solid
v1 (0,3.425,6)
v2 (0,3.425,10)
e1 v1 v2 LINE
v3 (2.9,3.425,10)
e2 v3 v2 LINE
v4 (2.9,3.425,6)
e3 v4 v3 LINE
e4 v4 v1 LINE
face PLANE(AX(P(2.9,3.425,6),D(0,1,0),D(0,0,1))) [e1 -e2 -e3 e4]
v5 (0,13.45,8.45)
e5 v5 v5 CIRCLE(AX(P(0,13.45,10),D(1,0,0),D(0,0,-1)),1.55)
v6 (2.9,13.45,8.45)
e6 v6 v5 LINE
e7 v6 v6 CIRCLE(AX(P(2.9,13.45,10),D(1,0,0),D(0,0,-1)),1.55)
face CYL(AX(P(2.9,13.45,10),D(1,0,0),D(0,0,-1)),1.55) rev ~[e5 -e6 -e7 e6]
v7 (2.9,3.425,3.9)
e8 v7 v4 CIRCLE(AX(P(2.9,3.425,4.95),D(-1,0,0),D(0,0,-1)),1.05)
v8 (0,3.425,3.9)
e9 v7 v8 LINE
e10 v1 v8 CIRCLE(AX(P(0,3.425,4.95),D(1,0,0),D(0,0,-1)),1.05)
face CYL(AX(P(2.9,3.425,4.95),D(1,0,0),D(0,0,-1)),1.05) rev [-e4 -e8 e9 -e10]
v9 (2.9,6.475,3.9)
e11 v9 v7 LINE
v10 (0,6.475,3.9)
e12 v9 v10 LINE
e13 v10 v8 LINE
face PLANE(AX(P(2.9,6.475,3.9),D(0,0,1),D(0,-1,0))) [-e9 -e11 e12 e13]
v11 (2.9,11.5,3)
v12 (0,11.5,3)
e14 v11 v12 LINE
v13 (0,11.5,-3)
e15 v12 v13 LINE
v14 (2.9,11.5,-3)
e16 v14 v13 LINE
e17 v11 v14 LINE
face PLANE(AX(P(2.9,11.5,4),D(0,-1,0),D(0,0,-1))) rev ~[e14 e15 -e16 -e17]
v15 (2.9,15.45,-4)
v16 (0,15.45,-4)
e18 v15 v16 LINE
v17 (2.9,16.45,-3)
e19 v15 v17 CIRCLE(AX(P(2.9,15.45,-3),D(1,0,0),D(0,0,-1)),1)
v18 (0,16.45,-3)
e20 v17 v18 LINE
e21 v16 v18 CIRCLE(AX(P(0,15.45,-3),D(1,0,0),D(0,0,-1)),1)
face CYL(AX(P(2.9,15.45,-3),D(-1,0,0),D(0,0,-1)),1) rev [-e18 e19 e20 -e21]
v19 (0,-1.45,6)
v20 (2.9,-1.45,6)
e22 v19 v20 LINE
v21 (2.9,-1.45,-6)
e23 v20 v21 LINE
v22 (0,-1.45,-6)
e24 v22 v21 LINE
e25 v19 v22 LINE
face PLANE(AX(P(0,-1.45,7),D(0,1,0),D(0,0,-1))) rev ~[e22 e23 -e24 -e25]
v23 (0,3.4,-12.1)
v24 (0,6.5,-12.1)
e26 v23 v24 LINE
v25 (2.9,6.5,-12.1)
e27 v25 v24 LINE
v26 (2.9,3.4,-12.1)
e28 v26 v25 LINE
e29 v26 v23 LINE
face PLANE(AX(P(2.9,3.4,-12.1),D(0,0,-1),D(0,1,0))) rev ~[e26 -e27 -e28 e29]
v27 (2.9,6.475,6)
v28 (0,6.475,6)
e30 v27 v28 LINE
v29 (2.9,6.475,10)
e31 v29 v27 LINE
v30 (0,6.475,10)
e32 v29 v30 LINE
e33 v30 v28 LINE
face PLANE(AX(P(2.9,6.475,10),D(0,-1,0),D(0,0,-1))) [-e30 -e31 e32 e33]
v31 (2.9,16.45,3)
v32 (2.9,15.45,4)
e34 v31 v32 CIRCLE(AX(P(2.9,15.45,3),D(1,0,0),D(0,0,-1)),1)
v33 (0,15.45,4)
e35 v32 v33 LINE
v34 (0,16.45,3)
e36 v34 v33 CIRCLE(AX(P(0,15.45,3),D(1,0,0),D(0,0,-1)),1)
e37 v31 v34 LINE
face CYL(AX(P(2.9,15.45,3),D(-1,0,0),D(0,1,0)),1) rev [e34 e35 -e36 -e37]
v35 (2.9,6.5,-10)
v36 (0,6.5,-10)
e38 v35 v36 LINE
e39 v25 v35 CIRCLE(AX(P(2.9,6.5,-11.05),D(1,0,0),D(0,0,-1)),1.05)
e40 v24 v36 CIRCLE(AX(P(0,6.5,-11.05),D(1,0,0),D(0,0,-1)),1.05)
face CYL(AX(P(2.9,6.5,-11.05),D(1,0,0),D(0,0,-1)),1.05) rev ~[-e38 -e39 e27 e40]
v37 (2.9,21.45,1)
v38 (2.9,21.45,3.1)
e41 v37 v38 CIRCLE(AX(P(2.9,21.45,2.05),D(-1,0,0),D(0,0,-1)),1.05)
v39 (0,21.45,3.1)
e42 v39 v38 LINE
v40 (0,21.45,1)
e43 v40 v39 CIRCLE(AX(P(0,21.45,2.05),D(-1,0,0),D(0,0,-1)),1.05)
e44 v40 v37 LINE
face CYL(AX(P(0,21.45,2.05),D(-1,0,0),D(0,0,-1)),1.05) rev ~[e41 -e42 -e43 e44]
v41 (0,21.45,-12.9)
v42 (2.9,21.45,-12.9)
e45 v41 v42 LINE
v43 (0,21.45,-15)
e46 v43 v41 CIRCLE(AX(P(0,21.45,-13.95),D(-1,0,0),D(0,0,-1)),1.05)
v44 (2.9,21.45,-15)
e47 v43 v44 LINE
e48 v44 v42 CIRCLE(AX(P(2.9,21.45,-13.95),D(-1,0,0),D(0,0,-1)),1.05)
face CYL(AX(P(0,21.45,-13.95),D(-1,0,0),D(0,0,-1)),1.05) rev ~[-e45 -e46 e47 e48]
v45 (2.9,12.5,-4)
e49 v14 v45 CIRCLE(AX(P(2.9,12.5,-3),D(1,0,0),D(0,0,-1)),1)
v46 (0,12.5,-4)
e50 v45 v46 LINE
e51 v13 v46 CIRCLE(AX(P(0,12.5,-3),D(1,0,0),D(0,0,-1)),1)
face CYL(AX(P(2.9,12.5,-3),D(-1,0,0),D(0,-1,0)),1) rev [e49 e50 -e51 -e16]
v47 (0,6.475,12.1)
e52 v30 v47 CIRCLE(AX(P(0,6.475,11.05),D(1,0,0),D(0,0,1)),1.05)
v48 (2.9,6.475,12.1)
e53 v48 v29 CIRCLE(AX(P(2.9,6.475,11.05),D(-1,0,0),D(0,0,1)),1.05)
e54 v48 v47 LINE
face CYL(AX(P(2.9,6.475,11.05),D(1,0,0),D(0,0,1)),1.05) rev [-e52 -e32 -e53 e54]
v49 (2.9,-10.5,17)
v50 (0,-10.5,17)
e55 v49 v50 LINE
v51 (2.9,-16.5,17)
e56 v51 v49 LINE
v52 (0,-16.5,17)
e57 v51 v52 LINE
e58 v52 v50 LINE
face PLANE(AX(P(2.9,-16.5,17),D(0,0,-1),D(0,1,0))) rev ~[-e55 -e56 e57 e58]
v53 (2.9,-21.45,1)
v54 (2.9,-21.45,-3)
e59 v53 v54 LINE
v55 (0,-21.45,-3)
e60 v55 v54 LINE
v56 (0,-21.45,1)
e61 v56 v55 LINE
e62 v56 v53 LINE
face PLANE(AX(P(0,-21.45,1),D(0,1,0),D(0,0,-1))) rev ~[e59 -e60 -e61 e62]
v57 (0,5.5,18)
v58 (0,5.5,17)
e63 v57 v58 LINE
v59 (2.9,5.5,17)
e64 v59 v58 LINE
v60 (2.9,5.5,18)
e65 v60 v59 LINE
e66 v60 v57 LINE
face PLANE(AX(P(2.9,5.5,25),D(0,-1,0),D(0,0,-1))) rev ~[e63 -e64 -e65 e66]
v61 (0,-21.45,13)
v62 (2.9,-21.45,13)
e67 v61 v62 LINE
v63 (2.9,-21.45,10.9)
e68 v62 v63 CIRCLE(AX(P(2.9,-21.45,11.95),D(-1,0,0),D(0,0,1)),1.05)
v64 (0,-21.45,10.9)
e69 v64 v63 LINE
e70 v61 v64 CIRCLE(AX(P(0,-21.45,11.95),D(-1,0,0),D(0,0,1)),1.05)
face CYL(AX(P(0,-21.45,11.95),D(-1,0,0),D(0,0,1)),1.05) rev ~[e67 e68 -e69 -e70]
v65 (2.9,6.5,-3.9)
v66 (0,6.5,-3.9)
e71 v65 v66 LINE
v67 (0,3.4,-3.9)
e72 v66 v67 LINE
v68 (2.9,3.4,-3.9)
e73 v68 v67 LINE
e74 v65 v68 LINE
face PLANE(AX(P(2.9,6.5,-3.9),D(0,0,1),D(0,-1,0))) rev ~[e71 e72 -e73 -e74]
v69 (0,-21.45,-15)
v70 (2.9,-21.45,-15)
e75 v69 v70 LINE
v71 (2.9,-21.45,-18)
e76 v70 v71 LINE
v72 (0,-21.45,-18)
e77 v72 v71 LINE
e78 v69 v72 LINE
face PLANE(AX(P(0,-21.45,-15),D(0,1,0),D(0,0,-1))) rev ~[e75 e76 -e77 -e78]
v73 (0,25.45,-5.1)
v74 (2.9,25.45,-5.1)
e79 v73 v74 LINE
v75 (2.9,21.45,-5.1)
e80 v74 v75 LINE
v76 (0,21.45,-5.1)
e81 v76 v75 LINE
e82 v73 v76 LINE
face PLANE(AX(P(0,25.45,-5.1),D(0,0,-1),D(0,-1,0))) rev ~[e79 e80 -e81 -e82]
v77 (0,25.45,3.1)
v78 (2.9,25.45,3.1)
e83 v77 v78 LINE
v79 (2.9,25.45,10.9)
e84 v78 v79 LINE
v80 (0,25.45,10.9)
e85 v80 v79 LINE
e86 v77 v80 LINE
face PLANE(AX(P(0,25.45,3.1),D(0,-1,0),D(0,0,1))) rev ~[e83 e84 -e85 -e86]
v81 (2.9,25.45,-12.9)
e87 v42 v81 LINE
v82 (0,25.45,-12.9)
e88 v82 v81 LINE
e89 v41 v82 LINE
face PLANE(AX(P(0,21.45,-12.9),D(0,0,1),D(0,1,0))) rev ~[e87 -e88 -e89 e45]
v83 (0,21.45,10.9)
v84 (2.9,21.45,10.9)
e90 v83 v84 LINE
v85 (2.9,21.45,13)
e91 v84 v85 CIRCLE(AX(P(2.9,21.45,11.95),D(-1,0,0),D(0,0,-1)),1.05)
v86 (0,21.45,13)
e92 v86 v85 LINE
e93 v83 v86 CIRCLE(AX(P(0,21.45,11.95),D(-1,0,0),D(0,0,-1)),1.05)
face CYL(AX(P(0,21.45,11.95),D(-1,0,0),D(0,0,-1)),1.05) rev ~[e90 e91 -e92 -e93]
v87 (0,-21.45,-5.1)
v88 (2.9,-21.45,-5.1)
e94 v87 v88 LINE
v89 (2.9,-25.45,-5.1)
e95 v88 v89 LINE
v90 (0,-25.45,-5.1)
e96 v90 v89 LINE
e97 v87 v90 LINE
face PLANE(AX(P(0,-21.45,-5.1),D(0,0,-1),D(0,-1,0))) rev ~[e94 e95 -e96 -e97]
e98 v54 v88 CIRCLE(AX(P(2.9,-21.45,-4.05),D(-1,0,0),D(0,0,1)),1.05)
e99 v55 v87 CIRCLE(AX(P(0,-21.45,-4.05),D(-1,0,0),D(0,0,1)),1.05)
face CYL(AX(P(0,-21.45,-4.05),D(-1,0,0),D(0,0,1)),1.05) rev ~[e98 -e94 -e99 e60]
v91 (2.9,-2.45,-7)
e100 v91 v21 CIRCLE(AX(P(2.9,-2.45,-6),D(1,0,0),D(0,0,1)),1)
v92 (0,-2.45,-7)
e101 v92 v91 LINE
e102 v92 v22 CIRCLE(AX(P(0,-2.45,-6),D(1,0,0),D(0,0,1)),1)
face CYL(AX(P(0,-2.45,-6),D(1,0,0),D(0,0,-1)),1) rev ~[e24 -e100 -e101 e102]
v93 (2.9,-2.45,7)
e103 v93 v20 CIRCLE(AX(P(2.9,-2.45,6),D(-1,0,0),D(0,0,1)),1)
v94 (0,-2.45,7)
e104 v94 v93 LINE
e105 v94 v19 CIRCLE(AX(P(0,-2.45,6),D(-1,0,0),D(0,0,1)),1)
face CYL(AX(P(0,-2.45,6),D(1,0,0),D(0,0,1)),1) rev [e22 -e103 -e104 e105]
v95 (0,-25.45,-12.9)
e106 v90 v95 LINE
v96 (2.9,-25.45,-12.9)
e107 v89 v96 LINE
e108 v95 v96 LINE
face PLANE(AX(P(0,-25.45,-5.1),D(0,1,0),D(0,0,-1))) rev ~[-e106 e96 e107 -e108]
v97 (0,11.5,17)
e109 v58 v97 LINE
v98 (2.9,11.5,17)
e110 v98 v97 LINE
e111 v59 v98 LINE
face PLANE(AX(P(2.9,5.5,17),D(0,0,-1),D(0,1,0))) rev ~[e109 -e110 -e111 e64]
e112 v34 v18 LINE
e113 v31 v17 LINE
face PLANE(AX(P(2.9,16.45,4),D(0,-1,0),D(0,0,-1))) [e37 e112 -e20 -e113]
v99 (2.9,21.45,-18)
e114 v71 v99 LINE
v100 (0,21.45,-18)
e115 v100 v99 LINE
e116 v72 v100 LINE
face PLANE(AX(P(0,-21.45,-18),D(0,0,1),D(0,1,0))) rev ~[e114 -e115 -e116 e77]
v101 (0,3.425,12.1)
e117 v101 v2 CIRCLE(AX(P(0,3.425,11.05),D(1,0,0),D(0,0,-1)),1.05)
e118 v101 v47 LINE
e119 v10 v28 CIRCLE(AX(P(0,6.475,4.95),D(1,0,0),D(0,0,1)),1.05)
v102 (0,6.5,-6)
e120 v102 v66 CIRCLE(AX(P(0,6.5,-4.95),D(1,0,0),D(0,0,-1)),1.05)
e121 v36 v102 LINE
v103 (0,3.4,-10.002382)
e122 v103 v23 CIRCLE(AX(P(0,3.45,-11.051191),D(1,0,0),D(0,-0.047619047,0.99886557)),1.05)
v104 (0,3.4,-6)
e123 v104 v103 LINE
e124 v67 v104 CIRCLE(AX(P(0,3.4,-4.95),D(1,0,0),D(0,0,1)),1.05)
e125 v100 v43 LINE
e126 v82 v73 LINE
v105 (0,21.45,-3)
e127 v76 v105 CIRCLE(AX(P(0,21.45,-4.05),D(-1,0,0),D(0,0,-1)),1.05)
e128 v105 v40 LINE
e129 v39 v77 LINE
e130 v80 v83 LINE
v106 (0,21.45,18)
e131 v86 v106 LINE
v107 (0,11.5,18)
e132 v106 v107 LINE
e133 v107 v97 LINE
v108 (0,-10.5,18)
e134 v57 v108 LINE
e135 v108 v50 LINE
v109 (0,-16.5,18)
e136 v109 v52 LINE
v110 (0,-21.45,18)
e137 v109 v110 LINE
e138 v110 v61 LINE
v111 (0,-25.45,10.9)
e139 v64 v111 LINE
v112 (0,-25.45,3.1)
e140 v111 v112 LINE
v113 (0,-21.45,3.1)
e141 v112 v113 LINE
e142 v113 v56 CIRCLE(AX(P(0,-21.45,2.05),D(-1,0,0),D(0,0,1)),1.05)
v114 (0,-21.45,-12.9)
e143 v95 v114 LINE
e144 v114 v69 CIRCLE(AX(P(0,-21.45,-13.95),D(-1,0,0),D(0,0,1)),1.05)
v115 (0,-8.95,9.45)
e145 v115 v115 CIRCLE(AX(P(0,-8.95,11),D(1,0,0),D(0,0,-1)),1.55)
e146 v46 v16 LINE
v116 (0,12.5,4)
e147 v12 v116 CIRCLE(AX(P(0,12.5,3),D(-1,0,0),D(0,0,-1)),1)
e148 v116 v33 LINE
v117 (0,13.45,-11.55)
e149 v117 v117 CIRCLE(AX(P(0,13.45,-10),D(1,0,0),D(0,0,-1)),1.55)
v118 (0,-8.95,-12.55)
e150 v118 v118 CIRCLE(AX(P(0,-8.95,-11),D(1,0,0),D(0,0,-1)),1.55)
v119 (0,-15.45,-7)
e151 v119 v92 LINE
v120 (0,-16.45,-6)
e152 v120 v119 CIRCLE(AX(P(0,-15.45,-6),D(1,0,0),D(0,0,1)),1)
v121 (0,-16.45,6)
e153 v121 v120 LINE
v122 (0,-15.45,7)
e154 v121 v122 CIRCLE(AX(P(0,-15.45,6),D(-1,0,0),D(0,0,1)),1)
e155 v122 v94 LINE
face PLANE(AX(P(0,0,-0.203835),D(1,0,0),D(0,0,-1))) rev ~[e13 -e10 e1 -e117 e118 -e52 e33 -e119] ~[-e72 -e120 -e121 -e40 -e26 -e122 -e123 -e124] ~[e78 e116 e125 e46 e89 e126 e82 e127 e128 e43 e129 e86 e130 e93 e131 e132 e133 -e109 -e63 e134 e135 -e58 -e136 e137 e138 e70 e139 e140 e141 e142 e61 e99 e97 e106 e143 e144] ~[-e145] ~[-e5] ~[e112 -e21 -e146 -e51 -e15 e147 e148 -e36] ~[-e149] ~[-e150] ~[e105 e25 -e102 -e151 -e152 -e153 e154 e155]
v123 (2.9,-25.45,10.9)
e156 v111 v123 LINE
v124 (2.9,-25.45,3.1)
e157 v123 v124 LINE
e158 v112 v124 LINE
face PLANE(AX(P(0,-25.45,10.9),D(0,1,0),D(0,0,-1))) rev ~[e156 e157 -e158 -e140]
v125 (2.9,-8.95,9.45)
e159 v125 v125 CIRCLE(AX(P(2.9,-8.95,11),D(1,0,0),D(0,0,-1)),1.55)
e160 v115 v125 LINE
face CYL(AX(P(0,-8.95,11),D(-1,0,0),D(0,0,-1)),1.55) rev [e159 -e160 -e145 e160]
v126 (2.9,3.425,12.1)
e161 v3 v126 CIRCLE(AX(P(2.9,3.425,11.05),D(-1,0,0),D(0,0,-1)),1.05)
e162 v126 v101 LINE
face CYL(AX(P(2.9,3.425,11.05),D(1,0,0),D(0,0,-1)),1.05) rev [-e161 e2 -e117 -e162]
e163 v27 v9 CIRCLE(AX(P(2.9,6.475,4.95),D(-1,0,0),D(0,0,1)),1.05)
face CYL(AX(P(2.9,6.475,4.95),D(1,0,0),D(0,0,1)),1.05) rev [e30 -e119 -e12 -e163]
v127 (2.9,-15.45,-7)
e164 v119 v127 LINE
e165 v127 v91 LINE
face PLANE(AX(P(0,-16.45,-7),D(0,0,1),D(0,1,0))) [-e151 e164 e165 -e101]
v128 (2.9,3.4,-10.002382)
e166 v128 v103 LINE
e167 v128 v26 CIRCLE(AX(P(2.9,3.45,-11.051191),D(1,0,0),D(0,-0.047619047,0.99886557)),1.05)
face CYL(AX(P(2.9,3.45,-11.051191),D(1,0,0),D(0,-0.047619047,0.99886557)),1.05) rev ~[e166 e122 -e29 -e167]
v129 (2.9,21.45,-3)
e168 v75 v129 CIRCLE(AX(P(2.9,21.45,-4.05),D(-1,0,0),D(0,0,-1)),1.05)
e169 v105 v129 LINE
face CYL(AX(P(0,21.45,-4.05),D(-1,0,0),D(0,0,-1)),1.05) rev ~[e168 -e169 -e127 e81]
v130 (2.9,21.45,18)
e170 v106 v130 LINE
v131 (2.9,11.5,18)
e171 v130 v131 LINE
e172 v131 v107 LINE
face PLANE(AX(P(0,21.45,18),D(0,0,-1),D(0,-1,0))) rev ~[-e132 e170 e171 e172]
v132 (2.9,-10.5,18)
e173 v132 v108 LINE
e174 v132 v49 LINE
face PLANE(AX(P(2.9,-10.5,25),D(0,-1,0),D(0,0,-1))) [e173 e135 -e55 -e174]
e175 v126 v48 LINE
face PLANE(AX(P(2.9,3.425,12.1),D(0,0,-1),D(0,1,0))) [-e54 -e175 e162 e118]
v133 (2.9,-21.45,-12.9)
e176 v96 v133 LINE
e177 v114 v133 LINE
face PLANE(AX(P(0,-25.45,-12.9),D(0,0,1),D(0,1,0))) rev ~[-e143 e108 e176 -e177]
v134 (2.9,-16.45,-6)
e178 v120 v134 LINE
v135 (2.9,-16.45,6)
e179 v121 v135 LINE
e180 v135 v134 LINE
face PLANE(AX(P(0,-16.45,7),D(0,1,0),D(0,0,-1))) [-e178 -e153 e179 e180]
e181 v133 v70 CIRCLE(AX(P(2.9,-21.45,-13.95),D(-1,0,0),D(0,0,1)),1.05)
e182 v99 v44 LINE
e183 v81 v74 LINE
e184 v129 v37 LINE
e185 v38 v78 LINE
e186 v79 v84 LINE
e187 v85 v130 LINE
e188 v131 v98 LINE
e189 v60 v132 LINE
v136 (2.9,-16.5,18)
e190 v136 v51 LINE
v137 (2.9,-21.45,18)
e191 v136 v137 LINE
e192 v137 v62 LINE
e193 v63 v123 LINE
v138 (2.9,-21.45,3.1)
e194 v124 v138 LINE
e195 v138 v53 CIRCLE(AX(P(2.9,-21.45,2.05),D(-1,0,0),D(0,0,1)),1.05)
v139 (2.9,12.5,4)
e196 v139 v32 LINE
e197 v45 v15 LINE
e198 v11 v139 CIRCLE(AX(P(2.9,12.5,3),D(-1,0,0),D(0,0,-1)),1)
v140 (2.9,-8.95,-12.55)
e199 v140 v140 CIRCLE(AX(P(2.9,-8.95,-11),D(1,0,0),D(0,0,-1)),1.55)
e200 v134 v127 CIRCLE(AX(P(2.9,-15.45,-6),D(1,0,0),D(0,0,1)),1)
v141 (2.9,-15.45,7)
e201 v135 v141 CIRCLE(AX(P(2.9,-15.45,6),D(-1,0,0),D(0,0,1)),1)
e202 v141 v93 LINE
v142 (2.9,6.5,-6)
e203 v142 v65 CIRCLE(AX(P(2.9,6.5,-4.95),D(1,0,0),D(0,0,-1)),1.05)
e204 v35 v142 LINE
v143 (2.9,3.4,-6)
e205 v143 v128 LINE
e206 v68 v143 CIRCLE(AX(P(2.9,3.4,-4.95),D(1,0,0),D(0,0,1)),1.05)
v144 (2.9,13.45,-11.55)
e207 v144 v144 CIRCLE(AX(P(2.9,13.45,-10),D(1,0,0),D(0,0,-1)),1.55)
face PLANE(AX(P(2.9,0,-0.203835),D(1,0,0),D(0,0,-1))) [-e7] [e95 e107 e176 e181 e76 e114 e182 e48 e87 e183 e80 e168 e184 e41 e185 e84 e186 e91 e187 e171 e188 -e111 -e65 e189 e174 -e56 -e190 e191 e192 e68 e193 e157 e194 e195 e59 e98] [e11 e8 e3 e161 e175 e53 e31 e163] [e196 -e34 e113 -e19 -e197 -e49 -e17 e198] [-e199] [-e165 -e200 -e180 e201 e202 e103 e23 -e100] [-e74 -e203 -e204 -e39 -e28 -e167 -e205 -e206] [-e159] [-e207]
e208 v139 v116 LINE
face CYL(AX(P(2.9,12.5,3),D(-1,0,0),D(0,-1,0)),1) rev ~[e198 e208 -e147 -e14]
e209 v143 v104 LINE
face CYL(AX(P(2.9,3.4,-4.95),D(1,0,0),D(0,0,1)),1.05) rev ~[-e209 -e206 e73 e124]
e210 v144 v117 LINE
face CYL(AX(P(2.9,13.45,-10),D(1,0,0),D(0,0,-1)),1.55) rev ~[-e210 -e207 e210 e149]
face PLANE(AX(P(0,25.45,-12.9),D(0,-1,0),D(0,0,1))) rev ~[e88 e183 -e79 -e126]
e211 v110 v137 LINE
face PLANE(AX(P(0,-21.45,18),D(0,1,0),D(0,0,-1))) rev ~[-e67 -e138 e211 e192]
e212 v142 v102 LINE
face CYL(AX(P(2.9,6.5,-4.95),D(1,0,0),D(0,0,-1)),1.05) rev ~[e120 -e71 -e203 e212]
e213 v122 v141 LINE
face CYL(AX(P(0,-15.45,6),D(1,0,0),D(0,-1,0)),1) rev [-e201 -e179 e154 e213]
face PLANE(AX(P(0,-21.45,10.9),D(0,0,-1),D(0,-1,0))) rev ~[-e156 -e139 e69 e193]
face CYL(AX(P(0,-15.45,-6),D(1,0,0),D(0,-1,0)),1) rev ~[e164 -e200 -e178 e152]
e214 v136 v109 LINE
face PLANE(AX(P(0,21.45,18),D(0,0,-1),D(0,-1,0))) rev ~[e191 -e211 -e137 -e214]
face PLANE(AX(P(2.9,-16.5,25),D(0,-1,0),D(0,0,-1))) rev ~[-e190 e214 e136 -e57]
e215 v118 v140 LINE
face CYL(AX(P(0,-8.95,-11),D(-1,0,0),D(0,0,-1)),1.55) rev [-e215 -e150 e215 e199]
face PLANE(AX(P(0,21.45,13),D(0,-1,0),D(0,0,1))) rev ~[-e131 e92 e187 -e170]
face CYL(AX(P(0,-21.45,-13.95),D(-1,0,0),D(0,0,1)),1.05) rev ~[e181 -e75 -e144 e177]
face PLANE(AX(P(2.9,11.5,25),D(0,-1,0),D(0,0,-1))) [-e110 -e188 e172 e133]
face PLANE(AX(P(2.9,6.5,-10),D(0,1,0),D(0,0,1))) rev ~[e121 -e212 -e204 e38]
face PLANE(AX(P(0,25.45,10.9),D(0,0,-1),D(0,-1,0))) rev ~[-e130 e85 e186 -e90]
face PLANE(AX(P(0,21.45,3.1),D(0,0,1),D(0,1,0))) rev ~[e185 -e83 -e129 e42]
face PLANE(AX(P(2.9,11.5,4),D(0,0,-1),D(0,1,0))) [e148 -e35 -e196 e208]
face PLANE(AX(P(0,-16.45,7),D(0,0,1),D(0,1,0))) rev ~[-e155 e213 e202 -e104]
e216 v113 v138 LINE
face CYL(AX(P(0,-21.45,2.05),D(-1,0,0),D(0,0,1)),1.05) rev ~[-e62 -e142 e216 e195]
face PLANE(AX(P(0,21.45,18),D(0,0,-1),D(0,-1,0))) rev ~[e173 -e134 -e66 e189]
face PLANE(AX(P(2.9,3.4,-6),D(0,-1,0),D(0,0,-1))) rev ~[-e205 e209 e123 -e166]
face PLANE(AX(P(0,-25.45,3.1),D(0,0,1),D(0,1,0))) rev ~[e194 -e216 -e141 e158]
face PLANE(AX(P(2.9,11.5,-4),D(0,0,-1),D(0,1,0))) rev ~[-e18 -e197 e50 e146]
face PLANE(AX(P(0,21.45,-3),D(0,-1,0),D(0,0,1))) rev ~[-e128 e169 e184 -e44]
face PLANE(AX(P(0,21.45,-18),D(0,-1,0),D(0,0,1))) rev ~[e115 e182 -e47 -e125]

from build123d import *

# Parameters (mm, degrees)
SKETCH_1_R          = 1.55
SKETCH_1_W          = 14
SKETCH_1_H          = 15
EXTRUDE_1_DEPTH     = 2.9
SKETCH_2_R          = 1.55
SKETCH_2_W          = 8
SKETCH_2_H          = 4.95
SKETCH_2_H_2        = 6
CUT_EXTRUDE_1_DEPTH = 10
FILLET_1_R          = 1


with BuildPart() as part:
    # 草图1 → 凸台-拉伸1 (new body)
    with BuildSketch(Plane(origin=(0, 0, 0), x_dir=(0, 0, -1), z_dir=(1, 0, 0))):
        with BuildLine():
            Line((-10.9, 25.45), (-10.9, 21.45))
            ThreePointArc((-10.9, 21.45), (-11.95, 20.4), (-13, 21.45))
            Line((-13, 21.45), (-18, 21.45))
            Line((-18, 21.45), (-18, 16.95))
            Line((-18, 16.95), (-18, 11.95))
            Line((-18, 11.95), (-18, -11.95))
            Line((-18, -11.95), (-18, -16.95))
            Line((-18, -16.95), (-18, -21.45))
            Line((-18, -21.45), (-13, -21.45))
            ThreePointArc((-13, -21.45), (-11.95, -20.4), (-10.9, -21.45))
            Line((-10.9, -21.45), (-10.9, -25.45))
            Line((-10.9, -25.45), (-3.1, -25.45))
            Line((-3.1, -25.45), (-3.1, -21.45))
            ThreePointArc((-3.1, -21.45), (-2.05, -20.4), (-1, -21.45))
            Line((-1, -21.45), (3, -21.45))
            ThreePointArc((3, -21.45), (4.05, -20.4), (5.1, -21.45))
            Line((5.1, -21.45), (5.1, -25.45))
            Line((5.1, -25.45), (12.9, -25.45))
            Line((12.9, -25.45), (12.9, -21.45))
            ThreePointArc((12.9, -21.45), (13.95, -20.4), (15, -21.45))
            Line((15, -21.45), (18, -21.45))
            Line((18, -21.45), (18, 21.45))
            Line((18, 21.45), (15, 21.45))
            ThreePointArc((15, 21.45), (13.95, 20.4), (12.9, 21.45))
            Line((12.9, 21.45), (12.9, 25.45))
            Line((12.9, 25.45), (5.1, 25.45))
            Line((5.1, 25.45), (5.1, 21.45))
            ThreePointArc((5.1, 21.45), (4.05, 20.4), (3, 21.45))
            Line((3, 21.45), (-1, 21.45))
            ThreePointArc((-1, 21.45), (-2.05, 20.4), (-3.1, 21.45))
            Line((-3.1, 21.45), (-3.1, 25.45))
            Line((-3.1, 25.45), (-10.9, 25.45))
        make_face()
        with Locations((-11, -8.95)):
            Circle(SKETCH_1_R, mode=Mode.SUBTRACT)
        with Locations((0, -8.95)):
            Rectangle(SKETCH_1_W, SKETCH_1_H, mode=Mode.SUBTRACT)
        with Locations((11, -8.95)):
            Circle(SKETCH_1_R, mode=Mode.SUBTRACT)
    extrude(amount=EXTRUDE_1_DEPTH)

    # 草图2 → 切除-拉伸1 (cut)
    with BuildSketch(Plane(origin=(2.9, 0, 0), x_dir=(0, 0, -1), z_dir=(1, 0, 0))):
        with Locations((10, 13.45)):
            Circle(SKETCH_2_R)
        with Locations((-10, 13.45)):
            Circle(SKETCH_2_R)
        with BuildLine():
            Line((-12.1, 3.425), (-12.1, 6.475))
            ThreePointArc((-12.1, 6.475), (-11.05, 7.525), (-10, 6.475))
            Line((-10, 6.475), (-6, 6.475))
            ThreePointArc((-6, 6.475), (-4.95, 7.525), (-3.9, 6.475))
            Line((-3.9, 6.475), (-3.9, 3.425))
            ThreePointArc((-3.9, 3.425), (-4.95, 2.375), (-6, 3.425))
            Line((-6, 3.425), (-10, 3.425))
            ThreePointArc((-10, 3.425), (-11.05, 2.375), (-12.1, 3.425))
        make_face()
        with BuildLine():
            Line((12.1, 3.4), (12.1, 6.5))
            ThreePointArc((12.1, 6.5), (11.05, 7.55), (10, 6.5))
            Line((10, 6.5), (6, 6.5))
            ThreePointArc((6, 6.5), (4.95, 7.55), (3.9, 6.5))
            Line((3.9, 6.5), (3.9, 3.4))
            ThreePointArc((3.9, 3.4), (4.95, 2.35), (6, 3.4))
            Line((6, 3.4), (10.002382304, 3.4))
            ThreePointArc((10.002382304, 3.4), (11.051191152, 2.4), (12.1, 3.4))
        make_face()
        with Locations((0, 13.975)):
            Rectangle(SKETCH_2_W, SKETCH_2_H)
        with Locations((-21, 8.5)):
            Rectangle(SKETCH_2_W, SKETCH_2_H_2)
        with Locations((-21, -13.5)):
            Rectangle(SKETCH_2_W, SKETCH_2_H_2)
    extrude(amount=-CUT_EXTRUDE_1_DEPTH, mode=Mode.SUBTRACT)

    # 圆角1
    fillet_1_edges = [part.edges().sort_by_distance(p)[0] for p in [
        (1.45, 16.45, -4),
        (1.45, 11.5, -4),
        (1.45, 11.5, 4),
        (1.45, 16.45, 4),
        (1.45, -16.45, 7),
        (1.45, -16.45, -7),
        (1.45, -1.45, -7),
        (1.45, -1.45, 7),
    ]]
    fillet(fillet_1_edges, radius=FILLET_1_R)


solid = part.part
